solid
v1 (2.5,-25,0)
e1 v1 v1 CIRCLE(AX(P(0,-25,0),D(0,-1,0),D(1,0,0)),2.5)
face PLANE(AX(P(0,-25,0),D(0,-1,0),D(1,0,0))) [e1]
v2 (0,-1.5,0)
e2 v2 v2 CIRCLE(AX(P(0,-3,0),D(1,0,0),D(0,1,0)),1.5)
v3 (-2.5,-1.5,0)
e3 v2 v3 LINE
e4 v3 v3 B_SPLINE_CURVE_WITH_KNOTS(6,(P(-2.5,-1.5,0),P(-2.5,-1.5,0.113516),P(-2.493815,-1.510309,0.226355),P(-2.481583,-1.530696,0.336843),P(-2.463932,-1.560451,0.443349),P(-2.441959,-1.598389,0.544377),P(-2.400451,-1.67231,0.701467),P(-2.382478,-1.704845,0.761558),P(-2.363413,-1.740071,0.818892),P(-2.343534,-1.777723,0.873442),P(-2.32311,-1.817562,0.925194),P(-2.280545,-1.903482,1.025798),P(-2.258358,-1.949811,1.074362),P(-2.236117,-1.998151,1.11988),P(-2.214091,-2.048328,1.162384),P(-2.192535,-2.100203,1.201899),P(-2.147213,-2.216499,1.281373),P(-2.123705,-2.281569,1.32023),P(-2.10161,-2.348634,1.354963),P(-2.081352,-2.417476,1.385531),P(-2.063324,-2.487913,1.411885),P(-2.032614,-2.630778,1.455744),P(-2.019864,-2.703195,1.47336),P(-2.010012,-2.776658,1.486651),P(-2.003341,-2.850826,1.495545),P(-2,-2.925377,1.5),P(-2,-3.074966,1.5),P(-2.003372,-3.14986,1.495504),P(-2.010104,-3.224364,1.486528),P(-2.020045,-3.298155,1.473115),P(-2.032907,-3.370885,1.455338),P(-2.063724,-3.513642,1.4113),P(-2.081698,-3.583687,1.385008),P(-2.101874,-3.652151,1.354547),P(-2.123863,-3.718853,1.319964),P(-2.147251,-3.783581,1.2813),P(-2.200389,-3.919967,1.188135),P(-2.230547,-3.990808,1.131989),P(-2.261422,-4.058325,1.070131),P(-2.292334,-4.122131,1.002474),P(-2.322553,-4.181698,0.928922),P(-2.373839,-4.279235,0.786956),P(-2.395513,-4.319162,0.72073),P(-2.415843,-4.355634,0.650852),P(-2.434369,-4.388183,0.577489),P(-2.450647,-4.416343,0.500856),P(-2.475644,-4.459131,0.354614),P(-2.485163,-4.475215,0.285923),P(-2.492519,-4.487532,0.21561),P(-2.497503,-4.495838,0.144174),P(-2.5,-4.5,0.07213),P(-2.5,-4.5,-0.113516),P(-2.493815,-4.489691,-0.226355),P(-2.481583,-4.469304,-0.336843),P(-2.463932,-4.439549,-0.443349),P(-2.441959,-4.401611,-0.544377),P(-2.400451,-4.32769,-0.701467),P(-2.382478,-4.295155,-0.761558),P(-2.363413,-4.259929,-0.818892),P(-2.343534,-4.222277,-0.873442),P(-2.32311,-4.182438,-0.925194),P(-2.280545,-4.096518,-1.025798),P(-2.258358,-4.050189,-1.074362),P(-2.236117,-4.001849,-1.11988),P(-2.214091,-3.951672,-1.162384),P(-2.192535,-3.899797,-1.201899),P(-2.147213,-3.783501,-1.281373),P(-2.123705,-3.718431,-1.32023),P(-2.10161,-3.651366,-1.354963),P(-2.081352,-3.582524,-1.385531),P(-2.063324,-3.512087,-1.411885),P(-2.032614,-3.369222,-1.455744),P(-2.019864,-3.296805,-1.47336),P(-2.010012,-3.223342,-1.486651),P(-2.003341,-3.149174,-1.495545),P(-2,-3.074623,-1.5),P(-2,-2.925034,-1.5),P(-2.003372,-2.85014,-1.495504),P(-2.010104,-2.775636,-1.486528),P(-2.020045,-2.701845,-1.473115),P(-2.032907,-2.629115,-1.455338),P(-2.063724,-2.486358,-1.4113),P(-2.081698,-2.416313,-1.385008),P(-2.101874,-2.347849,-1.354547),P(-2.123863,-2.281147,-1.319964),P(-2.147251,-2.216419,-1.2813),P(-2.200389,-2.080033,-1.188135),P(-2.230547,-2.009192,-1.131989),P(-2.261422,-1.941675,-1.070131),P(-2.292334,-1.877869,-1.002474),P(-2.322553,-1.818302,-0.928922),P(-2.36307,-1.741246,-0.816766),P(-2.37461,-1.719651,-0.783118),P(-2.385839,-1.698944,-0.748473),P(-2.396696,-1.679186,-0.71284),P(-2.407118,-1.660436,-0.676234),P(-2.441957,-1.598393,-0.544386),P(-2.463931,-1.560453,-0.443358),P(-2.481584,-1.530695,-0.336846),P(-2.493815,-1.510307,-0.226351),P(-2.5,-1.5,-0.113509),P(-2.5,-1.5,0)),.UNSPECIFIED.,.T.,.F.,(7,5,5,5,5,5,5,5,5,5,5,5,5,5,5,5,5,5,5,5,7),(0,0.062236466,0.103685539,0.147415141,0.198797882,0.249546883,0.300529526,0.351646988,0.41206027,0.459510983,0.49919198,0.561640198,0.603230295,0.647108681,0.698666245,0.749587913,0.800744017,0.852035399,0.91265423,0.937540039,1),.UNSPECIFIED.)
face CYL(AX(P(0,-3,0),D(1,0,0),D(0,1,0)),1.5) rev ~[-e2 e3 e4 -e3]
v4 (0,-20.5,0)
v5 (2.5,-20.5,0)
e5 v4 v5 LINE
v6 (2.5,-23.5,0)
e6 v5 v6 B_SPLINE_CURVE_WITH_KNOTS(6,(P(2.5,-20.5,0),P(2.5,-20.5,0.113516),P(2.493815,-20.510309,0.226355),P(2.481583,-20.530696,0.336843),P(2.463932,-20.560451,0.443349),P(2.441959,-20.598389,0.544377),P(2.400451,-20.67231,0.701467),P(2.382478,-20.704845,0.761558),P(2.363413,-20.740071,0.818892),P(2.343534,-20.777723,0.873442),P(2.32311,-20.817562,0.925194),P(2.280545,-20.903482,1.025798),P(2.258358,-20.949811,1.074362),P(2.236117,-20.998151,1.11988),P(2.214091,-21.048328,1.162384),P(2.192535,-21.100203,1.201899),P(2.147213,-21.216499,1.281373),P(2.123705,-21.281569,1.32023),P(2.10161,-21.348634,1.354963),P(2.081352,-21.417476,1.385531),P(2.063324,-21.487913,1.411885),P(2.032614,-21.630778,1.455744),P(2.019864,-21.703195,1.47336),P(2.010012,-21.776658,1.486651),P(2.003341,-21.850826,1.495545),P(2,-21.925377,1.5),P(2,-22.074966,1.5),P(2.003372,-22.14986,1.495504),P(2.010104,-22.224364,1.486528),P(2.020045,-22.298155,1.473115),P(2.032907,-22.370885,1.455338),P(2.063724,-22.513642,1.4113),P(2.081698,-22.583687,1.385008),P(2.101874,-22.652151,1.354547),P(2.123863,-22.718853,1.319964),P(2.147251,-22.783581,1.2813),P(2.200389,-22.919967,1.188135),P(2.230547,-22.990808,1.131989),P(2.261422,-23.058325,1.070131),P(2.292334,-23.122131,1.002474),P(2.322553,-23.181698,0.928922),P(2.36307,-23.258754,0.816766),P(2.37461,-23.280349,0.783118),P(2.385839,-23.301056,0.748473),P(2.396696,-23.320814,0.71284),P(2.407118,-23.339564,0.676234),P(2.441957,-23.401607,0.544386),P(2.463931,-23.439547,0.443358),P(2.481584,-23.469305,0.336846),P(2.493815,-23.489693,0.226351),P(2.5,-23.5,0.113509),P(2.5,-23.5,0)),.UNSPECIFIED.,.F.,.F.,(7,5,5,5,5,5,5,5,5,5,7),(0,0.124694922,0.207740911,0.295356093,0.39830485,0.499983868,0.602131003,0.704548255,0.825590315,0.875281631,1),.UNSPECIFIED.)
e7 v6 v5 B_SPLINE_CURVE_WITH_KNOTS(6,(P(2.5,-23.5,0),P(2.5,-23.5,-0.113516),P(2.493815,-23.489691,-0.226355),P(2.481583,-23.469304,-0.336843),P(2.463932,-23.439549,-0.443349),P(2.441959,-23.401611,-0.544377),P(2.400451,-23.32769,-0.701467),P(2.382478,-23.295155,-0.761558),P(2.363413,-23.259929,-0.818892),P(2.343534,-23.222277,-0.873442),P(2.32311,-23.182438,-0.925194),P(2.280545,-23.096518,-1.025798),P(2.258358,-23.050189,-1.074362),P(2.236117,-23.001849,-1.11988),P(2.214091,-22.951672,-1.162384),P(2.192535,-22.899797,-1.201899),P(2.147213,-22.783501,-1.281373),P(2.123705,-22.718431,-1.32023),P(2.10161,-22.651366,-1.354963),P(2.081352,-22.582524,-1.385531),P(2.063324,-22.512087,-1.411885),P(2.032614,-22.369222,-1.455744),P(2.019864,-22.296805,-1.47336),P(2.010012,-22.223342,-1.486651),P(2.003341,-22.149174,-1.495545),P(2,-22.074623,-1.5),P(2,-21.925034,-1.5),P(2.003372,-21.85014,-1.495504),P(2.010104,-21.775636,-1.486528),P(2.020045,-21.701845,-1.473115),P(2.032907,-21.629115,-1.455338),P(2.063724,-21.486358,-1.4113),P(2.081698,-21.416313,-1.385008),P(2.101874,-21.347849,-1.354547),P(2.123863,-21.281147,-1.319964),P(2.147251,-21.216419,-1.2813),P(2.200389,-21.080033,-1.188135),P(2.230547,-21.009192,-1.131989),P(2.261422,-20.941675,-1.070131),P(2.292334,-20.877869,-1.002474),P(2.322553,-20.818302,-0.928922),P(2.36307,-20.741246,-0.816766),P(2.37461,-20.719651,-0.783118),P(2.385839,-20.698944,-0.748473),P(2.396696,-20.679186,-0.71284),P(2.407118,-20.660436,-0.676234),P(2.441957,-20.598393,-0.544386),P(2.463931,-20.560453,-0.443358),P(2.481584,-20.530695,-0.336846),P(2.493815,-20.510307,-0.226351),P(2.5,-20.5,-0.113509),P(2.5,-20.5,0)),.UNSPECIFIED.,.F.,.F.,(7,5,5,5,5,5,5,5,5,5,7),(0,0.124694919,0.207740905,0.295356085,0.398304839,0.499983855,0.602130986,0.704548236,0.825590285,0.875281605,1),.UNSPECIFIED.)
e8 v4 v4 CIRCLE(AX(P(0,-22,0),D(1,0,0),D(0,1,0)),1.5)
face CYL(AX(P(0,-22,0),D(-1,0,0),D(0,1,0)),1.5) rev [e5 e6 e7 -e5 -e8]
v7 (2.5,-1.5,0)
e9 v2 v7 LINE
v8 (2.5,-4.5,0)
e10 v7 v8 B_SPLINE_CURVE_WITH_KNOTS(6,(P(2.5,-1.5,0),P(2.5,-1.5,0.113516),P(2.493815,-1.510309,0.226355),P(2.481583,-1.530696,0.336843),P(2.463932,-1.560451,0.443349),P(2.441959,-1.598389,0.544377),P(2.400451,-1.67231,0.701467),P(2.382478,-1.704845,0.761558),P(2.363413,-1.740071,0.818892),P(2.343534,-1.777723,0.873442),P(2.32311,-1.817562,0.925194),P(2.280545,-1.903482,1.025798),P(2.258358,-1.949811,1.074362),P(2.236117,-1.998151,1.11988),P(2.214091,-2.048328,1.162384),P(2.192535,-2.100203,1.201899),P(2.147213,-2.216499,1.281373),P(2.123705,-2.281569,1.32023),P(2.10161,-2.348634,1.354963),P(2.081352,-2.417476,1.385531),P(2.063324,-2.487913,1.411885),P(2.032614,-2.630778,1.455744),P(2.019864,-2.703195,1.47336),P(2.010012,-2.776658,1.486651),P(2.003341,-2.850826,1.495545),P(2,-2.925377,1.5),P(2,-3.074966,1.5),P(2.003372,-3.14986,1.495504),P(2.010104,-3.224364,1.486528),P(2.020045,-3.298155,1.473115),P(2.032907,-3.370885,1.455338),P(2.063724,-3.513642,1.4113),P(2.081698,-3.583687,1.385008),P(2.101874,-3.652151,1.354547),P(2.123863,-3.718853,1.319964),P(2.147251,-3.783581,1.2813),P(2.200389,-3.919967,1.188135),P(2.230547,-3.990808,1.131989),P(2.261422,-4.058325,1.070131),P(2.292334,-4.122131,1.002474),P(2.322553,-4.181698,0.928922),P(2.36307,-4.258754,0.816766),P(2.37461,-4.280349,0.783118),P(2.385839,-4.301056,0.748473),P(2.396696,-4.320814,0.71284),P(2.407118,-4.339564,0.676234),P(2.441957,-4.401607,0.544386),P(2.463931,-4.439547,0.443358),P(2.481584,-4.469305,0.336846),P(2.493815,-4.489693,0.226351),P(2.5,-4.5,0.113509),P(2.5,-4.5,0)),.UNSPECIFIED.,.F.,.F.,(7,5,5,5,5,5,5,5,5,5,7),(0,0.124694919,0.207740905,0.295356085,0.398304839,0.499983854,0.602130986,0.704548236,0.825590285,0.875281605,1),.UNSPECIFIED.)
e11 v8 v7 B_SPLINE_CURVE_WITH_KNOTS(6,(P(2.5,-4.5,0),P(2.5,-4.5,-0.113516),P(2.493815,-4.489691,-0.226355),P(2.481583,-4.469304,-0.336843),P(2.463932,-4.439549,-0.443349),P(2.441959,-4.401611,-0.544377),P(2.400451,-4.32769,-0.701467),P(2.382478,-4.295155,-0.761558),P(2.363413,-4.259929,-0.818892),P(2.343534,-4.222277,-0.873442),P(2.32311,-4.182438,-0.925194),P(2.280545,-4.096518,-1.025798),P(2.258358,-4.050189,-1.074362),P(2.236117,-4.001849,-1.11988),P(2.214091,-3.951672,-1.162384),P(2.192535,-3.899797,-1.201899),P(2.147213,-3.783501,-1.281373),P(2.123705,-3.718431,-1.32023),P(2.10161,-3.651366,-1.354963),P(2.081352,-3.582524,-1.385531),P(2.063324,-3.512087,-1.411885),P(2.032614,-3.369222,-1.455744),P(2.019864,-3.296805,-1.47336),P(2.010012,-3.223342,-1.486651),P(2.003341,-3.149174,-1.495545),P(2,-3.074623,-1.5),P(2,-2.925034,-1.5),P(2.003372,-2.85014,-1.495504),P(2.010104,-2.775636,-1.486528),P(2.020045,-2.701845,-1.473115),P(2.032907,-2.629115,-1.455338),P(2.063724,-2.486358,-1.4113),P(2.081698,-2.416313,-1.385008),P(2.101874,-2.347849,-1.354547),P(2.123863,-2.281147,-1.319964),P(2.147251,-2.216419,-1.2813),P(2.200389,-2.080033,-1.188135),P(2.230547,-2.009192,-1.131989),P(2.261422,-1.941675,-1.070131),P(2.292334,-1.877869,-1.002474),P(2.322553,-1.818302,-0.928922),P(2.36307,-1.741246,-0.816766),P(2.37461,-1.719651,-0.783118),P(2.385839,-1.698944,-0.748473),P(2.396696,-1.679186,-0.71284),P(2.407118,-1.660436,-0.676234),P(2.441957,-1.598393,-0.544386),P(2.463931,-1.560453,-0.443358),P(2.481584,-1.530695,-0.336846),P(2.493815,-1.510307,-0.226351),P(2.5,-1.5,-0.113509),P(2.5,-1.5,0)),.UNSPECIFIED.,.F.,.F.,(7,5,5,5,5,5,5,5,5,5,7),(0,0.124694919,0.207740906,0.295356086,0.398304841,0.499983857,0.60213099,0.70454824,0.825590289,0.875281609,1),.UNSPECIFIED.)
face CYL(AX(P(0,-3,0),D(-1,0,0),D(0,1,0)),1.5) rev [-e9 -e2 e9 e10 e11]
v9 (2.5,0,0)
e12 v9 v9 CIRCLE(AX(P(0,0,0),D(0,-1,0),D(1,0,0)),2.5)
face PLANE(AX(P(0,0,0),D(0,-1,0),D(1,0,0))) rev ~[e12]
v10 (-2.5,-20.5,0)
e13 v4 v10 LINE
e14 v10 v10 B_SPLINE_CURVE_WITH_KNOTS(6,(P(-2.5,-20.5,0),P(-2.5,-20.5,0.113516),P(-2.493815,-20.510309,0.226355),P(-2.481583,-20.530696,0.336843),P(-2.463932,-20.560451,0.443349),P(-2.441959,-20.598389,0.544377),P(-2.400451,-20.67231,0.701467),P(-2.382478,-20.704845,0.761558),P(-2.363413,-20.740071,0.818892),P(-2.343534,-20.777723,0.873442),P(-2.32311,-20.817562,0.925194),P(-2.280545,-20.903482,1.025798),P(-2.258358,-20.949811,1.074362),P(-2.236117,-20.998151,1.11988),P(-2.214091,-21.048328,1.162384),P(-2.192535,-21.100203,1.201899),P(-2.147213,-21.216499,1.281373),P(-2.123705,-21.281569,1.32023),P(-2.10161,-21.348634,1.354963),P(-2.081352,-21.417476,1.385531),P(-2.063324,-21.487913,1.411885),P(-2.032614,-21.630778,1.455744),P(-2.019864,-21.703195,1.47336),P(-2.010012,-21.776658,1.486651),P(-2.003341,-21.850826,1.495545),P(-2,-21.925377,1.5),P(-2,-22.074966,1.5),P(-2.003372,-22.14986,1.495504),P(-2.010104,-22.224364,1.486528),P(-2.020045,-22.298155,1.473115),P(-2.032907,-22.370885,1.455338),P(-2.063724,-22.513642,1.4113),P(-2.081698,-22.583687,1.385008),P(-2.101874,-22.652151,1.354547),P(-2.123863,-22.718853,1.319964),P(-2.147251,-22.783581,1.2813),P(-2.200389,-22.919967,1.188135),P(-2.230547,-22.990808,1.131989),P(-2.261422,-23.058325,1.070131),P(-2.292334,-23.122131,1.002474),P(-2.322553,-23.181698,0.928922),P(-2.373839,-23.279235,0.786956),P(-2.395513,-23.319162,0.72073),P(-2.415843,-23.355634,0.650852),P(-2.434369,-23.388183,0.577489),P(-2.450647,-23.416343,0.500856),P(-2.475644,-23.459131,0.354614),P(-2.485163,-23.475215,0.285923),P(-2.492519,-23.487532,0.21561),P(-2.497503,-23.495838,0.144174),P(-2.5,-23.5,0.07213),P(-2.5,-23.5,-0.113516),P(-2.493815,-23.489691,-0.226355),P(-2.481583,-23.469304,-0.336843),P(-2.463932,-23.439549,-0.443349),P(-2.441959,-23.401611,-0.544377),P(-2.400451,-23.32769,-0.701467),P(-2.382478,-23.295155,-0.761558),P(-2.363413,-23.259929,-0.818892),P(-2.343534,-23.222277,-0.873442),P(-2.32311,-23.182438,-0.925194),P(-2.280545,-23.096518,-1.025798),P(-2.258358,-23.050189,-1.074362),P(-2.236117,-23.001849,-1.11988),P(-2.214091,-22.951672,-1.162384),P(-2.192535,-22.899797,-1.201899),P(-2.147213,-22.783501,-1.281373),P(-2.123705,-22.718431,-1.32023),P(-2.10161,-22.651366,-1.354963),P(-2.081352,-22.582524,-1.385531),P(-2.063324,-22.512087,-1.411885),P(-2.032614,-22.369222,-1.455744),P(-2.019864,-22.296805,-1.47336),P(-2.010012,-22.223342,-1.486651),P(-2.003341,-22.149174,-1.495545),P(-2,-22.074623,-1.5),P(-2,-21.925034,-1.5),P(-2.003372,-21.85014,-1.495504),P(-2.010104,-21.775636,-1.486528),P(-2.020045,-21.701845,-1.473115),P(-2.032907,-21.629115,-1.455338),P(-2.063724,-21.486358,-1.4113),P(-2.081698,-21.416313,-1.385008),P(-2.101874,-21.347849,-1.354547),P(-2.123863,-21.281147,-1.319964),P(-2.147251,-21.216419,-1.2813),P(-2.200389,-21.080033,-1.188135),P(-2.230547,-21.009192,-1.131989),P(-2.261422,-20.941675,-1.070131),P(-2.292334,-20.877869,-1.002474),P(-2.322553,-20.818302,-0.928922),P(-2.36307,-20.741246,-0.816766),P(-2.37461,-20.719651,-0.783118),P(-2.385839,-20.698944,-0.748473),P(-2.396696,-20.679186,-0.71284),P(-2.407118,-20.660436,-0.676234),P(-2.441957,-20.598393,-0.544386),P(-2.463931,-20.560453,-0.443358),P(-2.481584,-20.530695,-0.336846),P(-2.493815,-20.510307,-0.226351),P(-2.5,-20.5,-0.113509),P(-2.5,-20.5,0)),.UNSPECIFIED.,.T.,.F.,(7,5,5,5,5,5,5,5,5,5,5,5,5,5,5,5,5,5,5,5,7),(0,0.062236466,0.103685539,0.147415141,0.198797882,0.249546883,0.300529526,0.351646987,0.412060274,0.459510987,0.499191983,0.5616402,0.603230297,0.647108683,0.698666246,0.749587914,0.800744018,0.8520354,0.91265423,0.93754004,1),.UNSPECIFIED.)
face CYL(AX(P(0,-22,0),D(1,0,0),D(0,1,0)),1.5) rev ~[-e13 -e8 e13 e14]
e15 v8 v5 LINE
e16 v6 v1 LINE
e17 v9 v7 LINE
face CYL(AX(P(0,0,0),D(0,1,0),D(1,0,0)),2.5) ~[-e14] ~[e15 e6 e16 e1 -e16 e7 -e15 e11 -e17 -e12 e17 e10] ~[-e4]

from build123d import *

# Parameters (mm, degrees)
F0_R          = 2.5
F1_DEPTH      = 25
F2_R          = 1.5
F3_DEPTH      = 5
F3_DEPTH_BACK = 5


with BuildPart() as f1:
    # F0 (on Front) → F1 (new body)
    with BuildSketch(Plane.XZ):
        Circle(F0_R)
    extrude(amount=F1_DEPTH)

    # F2 (on Right) → F3 (cut, two sides)
    with BuildSketch(Plane.YZ) as f3_sk:
        with Locations((-3, 0)):
            Circle(F2_R)
        with Locations((-22, 0)):
            Circle(F2_R)
    extrude(amount=F3_DEPTH, mode=Mode.SUBTRACT)
    extrude(f3_sk.sketch, amount=-F3_DEPTH_BACK, mode=Mode.SUBTRACT)


solid = f1.part
